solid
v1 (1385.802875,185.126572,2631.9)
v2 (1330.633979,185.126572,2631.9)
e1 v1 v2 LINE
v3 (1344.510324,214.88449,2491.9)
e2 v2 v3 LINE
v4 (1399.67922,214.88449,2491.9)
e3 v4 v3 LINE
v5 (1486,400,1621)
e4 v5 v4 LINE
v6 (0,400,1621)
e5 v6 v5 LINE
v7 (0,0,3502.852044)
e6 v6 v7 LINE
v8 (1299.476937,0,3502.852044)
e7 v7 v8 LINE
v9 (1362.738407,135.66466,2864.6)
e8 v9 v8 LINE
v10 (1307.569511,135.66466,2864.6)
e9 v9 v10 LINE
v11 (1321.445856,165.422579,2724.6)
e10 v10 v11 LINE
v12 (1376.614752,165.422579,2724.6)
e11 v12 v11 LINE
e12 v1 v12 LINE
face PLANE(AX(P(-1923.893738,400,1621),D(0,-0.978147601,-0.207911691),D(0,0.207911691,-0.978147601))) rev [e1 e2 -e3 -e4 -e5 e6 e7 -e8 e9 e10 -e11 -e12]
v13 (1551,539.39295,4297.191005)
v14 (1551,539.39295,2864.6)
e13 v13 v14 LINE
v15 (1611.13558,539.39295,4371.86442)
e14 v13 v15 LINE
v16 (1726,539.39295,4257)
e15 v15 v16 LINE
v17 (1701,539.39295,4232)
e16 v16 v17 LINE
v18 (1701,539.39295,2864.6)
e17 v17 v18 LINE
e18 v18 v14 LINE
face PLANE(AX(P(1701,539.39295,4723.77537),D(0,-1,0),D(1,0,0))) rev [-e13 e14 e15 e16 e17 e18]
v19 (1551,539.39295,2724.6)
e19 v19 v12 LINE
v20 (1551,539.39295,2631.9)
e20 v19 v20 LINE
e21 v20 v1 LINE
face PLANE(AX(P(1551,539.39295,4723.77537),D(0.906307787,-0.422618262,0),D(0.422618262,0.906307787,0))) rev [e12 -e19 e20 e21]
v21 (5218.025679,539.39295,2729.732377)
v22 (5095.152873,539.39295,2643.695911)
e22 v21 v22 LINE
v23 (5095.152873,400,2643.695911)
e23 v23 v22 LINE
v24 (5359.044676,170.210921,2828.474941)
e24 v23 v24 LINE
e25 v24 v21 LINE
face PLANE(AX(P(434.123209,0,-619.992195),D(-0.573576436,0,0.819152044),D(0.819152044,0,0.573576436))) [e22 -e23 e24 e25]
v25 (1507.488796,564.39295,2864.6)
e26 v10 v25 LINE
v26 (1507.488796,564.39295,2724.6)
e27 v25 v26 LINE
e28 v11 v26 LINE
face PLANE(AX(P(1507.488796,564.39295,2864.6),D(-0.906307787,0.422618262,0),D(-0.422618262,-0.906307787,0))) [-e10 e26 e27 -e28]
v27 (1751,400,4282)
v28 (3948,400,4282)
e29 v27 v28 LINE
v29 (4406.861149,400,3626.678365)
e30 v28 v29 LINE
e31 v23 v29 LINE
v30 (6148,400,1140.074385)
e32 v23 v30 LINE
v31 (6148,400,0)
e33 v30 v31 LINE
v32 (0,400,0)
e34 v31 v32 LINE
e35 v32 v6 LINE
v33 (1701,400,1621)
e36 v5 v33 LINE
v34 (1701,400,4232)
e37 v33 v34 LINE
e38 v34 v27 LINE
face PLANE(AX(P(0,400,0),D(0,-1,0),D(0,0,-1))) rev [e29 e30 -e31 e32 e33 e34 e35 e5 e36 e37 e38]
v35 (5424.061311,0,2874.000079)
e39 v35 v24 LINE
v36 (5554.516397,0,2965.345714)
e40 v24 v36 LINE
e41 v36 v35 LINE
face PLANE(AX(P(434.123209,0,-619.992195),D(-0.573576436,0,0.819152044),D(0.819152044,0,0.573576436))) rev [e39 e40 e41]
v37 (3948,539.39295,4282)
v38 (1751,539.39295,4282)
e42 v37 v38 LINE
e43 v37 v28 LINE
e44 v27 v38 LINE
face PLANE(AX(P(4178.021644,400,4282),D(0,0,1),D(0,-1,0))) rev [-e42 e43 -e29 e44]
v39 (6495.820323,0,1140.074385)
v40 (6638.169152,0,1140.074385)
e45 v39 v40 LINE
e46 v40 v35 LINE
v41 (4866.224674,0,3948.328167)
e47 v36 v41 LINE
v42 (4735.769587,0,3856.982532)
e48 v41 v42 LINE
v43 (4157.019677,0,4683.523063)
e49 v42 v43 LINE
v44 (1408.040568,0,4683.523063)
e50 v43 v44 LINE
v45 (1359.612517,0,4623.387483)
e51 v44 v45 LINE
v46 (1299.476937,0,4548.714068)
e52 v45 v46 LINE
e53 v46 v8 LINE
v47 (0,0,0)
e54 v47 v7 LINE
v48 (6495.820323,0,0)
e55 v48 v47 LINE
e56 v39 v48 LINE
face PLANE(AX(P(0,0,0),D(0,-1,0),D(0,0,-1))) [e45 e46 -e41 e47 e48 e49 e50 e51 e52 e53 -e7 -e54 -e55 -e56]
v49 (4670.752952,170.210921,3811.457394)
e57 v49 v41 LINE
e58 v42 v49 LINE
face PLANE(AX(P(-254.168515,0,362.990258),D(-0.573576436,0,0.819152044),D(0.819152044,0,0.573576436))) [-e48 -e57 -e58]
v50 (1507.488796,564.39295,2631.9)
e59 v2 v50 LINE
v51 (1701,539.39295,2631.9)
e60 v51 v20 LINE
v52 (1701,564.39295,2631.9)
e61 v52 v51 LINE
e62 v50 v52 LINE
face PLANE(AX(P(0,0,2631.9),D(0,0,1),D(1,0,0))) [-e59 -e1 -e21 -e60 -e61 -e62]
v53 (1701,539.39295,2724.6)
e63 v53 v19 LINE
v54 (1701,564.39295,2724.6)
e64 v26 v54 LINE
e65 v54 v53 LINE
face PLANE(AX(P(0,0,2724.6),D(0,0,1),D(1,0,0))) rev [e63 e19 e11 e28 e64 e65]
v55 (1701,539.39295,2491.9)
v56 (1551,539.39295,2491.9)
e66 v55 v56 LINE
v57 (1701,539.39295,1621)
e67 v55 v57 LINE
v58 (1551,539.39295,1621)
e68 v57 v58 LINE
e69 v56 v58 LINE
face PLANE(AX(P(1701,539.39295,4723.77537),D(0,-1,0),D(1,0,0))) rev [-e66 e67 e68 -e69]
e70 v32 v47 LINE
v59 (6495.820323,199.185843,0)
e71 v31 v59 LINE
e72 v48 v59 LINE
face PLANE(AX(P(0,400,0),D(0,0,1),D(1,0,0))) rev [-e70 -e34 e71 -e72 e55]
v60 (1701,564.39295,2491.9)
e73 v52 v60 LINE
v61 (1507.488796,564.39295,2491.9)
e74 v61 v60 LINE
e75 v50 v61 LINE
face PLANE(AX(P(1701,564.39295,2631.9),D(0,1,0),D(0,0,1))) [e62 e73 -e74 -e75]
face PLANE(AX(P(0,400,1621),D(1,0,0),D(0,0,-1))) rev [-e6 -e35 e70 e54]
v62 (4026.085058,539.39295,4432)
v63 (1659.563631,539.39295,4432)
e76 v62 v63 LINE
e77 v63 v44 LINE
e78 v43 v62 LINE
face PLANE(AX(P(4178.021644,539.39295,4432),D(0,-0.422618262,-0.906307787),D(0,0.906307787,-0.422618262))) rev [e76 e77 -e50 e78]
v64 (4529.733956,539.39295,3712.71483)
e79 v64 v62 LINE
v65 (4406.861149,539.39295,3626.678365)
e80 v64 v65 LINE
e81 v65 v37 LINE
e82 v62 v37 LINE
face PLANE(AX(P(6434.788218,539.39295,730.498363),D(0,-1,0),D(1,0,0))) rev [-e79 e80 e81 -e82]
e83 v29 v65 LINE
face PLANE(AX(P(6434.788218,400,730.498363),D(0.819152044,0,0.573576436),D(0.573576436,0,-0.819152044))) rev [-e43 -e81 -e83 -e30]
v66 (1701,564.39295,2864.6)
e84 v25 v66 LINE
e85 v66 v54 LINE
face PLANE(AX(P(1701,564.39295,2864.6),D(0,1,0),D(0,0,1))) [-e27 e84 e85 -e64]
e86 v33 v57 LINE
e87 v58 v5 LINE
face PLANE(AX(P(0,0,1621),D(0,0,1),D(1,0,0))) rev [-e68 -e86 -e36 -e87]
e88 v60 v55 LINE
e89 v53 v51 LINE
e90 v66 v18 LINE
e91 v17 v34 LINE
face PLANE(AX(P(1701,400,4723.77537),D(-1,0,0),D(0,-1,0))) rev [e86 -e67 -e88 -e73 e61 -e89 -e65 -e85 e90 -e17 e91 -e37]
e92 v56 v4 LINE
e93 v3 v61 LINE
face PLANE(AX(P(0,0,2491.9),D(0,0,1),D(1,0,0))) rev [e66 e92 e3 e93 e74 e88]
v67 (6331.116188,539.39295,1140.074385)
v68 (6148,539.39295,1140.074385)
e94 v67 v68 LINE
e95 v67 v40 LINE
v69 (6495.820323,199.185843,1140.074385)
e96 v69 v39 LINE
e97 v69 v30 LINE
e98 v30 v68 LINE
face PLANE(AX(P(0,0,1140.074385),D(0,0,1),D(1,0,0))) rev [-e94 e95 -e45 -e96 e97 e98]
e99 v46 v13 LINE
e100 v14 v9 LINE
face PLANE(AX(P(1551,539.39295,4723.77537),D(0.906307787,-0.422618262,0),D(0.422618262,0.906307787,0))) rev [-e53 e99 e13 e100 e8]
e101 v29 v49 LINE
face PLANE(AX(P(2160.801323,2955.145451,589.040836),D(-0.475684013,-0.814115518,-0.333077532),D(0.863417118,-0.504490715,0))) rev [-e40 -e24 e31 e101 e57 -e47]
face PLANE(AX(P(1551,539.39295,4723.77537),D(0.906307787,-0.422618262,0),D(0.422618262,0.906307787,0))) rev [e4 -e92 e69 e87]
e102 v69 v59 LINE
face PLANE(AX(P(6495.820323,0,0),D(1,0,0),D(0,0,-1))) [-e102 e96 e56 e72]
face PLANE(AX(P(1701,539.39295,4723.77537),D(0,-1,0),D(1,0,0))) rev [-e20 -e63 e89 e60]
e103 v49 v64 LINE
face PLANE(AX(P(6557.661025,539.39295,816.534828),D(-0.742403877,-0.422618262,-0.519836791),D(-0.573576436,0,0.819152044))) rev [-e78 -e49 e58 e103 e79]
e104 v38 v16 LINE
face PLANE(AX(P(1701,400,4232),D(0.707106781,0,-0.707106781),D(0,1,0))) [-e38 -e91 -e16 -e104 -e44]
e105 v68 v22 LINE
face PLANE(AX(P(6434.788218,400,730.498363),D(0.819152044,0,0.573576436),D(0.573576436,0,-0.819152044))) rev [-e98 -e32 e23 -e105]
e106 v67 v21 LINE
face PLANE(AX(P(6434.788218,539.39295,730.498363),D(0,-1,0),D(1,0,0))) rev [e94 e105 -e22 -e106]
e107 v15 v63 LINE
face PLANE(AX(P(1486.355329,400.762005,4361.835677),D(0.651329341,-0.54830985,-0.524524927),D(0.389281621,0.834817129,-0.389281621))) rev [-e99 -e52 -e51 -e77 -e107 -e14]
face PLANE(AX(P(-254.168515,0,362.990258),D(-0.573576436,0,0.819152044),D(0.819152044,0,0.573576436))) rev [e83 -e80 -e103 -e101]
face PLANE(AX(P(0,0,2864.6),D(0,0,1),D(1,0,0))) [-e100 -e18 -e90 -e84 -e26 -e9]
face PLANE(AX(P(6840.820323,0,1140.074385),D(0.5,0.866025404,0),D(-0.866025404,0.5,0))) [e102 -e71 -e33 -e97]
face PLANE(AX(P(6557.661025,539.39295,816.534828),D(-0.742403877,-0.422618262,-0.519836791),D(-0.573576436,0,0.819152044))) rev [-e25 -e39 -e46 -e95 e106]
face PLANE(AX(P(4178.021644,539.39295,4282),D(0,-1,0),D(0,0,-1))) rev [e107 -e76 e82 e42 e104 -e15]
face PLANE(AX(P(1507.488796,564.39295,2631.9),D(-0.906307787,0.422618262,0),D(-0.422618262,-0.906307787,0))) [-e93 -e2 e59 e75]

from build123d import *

# Parameters (mm, degrees)
EXTRUDE_1_DEPTH        = 400
EXTRUDE_2_DEPTH        = 1701
EXTRUDE_3_DEPTH        = 1140.074385
CUT_EXTRUDE_1_DEPTH    = 1140.074385
CHAMFER_1_SIZE2        = 124.175097768
CHAMFER_1_SIZE         = 100
CHAMFER_2_SIZE         = 50
EXTRUDE_START          = -870.9
EXTRUDE_4_DEPTH        = 140
PATTERN_LINEAR_1_COUNT = 2
PATTERN_LINEAR_1_PITCH = 232.7
EXTRUDE_START_2        = -800
EXTRUDE_5_DEPTH        = 1200
CUT_EXTRUDE_START      = -800
CUT_EXTRUDE_2_DEPTH    = 1200
CUT_EXTRUDE_START_2    = 6495.820323
SKETCH_9_W             = 1140.074385167
SKETCH_9_H             = 400
CUT_EXTRUDE_3_DEPTH    = 345


with BuildPart() as part:
    # 草图1 → 凸台-拉伸1 (new body)
    with BuildSketch(Plane(origin=(0, 0, 0), x_dir=(1, 0, 0), z_dir=(0, 1, 0))):
        Polygon((0, 0), (6148, 0), (6148, -1140.074385167), (3948, -4282), (1701, -4282), (1701, -1621), (0, -1621), align=None)
    extrude(amount=EXTRUDE_1_DEPTH)

    # 草图2 → 凸台-拉伸2 (add)
    with BuildSketch(Plane.ZY.offset(-1701)):
        Polygon((1621, 400), (3502.852043791, 0), (1621, 0), align=None)
    extrude(amount=EXTRUDE_2_DEPTH)

    # 草图3 → 凸台-拉伸3 (add)
    with BuildSketch(Plane(origin=(0, 0, 0), x_dir=(-1, 0, 0), z_dir=(0, 0, -1))):
        Polygon((-6148, 400), (-6148, 0), (-6840.820323028, 0), align=None)
    extrude(amount=-EXTRUDE_3_DEPTH)

    # 扫描2: sweep along a path in 草图5
    with BuildLine(Plane(origin=(0, 400, 0), x_dir=(1, 0, 0), z_dir=(0, 1, 0))) as sweep_2_path:
        Line((1701, -1621), (1701, -4282))
        Line((1701, -4282), (3948, -4282))
        Line((3948, -4282), (6434.788218176, -730.498363023))
    # 草图4 → 扫描2 (sweep)
    with BuildSketch(Plane.XY.offset(3282)):
        Polygon((1701, 400), (1701, 539.392949833), (1551, 539.392949833), (1299.476936738, 0), (1701, 0), align=None)
    sweep(path=sweep_2_path.line, transition=Transition.RIGHT)

    # 草图6 → 切除-拉伸1 (cut)
    with BuildSketch(Plane(origin=(0, 0, 0), x_dir=(-1, 0, 0), z_dir=(0, 0, -1))):
        Polygon((-6148, 400), (-6148, 600), (-6840.820323028, 600), (-6840.820323028, 0), align=None)
    extrude(amount=-CUT_EXTRUDE_1_DEPTH, mode=Mode.SUBTRACT)

    # 倒角1
    chamfer_1_edges = [part.edges().sort_by_distance(p)[0] for p in [
        (1425.238468369, 269.696474917, 4557.761531631),
    ]]
    chamfer(chamfer_1_edges, length=CHAMFER_1_SIZE, length2=CHAMFER_1_SIZE2)

    # 倒角2
    chamfer_2_edges = [part.edges().sort_by_distance(p)[0] for p in [
        (1701, 469.696474917, 4282),
    ]]
    chamfer(chamfer_2_edges, length=CHAMFER_2_SIZE)

    # 草图7 → 凸台-拉伸4 (add)
    with BuildSketch(Plane(origin=(0, 0, 1621), x_dir=(-1, 0, 0), z_dir=(0, 0, -1)).offset(EXTRUDE_START)):
        Polygon((-1701, 0), (-1701, 564.392949833), (-1507.488795506, 564.392949833), (-1244.30804079, 0), align=None)
    extrude_4 = extrude(amount=-EXTRUDE_4_DEPTH)

    # 阵列(线性)1: 凸台-拉伸4 ×2
    with Locations(*[(0, 0, i * PATTERN_LINEAR_1_PITCH) for i in range(1, PATTERN_LINEAR_1_COUNT)]):
        add(extrude_4)

    # 草图8 → 凸台-拉伸5 (add)
    with BuildSketch(Plane(origin=(3948, 539.392949833, 4282), x_dir=(0.819152044, 0, 0.573576436), z_dir=(-0.573576436, 0, 0.819152044)).offset(EXTRUDE_START_2)):
        Polygon((0, -539.392949833), (0, -139.392949833), (560.779317791, -539.392949833), align=None)
    extrude(amount=-EXTRUDE_5_DEPTH)

    # 草图8<3> → 切除-拉伸2 (cut)
    with BuildSketch(Plane(origin=(3948, 539.392949833, 4282), x_dir=(0.819152044, 0, 0.573576436), z_dir=(-0.573576436, 0, 0.819152044)).offset(CUT_EXTRUDE_START)):
        Polygon((0, 260.607050167), (560.779317791, -539.392949833), (0, -139.392949833), align=None)
    extrude(amount=-CUT_EXTRUDE_2_DEPTH, mode=Mode.SUBTRACT)

    # 草图9 → 切除-拉伸3 (cut)
    with BuildSketch(Plane(origin=(0, 0, 0), x_dir=(0, 0, -1), z_dir=(1, 0, 0)).offset(CUT_EXTRUDE_START_2)):
        with Locations((-570.037192584, 200)):
            Rectangle(SKETCH_9_W, SKETCH_9_H)
    extrude(amount=CUT_EXTRUDE_3_DEPTH, mode=Mode.SUBTRACT)


solid = part.part
